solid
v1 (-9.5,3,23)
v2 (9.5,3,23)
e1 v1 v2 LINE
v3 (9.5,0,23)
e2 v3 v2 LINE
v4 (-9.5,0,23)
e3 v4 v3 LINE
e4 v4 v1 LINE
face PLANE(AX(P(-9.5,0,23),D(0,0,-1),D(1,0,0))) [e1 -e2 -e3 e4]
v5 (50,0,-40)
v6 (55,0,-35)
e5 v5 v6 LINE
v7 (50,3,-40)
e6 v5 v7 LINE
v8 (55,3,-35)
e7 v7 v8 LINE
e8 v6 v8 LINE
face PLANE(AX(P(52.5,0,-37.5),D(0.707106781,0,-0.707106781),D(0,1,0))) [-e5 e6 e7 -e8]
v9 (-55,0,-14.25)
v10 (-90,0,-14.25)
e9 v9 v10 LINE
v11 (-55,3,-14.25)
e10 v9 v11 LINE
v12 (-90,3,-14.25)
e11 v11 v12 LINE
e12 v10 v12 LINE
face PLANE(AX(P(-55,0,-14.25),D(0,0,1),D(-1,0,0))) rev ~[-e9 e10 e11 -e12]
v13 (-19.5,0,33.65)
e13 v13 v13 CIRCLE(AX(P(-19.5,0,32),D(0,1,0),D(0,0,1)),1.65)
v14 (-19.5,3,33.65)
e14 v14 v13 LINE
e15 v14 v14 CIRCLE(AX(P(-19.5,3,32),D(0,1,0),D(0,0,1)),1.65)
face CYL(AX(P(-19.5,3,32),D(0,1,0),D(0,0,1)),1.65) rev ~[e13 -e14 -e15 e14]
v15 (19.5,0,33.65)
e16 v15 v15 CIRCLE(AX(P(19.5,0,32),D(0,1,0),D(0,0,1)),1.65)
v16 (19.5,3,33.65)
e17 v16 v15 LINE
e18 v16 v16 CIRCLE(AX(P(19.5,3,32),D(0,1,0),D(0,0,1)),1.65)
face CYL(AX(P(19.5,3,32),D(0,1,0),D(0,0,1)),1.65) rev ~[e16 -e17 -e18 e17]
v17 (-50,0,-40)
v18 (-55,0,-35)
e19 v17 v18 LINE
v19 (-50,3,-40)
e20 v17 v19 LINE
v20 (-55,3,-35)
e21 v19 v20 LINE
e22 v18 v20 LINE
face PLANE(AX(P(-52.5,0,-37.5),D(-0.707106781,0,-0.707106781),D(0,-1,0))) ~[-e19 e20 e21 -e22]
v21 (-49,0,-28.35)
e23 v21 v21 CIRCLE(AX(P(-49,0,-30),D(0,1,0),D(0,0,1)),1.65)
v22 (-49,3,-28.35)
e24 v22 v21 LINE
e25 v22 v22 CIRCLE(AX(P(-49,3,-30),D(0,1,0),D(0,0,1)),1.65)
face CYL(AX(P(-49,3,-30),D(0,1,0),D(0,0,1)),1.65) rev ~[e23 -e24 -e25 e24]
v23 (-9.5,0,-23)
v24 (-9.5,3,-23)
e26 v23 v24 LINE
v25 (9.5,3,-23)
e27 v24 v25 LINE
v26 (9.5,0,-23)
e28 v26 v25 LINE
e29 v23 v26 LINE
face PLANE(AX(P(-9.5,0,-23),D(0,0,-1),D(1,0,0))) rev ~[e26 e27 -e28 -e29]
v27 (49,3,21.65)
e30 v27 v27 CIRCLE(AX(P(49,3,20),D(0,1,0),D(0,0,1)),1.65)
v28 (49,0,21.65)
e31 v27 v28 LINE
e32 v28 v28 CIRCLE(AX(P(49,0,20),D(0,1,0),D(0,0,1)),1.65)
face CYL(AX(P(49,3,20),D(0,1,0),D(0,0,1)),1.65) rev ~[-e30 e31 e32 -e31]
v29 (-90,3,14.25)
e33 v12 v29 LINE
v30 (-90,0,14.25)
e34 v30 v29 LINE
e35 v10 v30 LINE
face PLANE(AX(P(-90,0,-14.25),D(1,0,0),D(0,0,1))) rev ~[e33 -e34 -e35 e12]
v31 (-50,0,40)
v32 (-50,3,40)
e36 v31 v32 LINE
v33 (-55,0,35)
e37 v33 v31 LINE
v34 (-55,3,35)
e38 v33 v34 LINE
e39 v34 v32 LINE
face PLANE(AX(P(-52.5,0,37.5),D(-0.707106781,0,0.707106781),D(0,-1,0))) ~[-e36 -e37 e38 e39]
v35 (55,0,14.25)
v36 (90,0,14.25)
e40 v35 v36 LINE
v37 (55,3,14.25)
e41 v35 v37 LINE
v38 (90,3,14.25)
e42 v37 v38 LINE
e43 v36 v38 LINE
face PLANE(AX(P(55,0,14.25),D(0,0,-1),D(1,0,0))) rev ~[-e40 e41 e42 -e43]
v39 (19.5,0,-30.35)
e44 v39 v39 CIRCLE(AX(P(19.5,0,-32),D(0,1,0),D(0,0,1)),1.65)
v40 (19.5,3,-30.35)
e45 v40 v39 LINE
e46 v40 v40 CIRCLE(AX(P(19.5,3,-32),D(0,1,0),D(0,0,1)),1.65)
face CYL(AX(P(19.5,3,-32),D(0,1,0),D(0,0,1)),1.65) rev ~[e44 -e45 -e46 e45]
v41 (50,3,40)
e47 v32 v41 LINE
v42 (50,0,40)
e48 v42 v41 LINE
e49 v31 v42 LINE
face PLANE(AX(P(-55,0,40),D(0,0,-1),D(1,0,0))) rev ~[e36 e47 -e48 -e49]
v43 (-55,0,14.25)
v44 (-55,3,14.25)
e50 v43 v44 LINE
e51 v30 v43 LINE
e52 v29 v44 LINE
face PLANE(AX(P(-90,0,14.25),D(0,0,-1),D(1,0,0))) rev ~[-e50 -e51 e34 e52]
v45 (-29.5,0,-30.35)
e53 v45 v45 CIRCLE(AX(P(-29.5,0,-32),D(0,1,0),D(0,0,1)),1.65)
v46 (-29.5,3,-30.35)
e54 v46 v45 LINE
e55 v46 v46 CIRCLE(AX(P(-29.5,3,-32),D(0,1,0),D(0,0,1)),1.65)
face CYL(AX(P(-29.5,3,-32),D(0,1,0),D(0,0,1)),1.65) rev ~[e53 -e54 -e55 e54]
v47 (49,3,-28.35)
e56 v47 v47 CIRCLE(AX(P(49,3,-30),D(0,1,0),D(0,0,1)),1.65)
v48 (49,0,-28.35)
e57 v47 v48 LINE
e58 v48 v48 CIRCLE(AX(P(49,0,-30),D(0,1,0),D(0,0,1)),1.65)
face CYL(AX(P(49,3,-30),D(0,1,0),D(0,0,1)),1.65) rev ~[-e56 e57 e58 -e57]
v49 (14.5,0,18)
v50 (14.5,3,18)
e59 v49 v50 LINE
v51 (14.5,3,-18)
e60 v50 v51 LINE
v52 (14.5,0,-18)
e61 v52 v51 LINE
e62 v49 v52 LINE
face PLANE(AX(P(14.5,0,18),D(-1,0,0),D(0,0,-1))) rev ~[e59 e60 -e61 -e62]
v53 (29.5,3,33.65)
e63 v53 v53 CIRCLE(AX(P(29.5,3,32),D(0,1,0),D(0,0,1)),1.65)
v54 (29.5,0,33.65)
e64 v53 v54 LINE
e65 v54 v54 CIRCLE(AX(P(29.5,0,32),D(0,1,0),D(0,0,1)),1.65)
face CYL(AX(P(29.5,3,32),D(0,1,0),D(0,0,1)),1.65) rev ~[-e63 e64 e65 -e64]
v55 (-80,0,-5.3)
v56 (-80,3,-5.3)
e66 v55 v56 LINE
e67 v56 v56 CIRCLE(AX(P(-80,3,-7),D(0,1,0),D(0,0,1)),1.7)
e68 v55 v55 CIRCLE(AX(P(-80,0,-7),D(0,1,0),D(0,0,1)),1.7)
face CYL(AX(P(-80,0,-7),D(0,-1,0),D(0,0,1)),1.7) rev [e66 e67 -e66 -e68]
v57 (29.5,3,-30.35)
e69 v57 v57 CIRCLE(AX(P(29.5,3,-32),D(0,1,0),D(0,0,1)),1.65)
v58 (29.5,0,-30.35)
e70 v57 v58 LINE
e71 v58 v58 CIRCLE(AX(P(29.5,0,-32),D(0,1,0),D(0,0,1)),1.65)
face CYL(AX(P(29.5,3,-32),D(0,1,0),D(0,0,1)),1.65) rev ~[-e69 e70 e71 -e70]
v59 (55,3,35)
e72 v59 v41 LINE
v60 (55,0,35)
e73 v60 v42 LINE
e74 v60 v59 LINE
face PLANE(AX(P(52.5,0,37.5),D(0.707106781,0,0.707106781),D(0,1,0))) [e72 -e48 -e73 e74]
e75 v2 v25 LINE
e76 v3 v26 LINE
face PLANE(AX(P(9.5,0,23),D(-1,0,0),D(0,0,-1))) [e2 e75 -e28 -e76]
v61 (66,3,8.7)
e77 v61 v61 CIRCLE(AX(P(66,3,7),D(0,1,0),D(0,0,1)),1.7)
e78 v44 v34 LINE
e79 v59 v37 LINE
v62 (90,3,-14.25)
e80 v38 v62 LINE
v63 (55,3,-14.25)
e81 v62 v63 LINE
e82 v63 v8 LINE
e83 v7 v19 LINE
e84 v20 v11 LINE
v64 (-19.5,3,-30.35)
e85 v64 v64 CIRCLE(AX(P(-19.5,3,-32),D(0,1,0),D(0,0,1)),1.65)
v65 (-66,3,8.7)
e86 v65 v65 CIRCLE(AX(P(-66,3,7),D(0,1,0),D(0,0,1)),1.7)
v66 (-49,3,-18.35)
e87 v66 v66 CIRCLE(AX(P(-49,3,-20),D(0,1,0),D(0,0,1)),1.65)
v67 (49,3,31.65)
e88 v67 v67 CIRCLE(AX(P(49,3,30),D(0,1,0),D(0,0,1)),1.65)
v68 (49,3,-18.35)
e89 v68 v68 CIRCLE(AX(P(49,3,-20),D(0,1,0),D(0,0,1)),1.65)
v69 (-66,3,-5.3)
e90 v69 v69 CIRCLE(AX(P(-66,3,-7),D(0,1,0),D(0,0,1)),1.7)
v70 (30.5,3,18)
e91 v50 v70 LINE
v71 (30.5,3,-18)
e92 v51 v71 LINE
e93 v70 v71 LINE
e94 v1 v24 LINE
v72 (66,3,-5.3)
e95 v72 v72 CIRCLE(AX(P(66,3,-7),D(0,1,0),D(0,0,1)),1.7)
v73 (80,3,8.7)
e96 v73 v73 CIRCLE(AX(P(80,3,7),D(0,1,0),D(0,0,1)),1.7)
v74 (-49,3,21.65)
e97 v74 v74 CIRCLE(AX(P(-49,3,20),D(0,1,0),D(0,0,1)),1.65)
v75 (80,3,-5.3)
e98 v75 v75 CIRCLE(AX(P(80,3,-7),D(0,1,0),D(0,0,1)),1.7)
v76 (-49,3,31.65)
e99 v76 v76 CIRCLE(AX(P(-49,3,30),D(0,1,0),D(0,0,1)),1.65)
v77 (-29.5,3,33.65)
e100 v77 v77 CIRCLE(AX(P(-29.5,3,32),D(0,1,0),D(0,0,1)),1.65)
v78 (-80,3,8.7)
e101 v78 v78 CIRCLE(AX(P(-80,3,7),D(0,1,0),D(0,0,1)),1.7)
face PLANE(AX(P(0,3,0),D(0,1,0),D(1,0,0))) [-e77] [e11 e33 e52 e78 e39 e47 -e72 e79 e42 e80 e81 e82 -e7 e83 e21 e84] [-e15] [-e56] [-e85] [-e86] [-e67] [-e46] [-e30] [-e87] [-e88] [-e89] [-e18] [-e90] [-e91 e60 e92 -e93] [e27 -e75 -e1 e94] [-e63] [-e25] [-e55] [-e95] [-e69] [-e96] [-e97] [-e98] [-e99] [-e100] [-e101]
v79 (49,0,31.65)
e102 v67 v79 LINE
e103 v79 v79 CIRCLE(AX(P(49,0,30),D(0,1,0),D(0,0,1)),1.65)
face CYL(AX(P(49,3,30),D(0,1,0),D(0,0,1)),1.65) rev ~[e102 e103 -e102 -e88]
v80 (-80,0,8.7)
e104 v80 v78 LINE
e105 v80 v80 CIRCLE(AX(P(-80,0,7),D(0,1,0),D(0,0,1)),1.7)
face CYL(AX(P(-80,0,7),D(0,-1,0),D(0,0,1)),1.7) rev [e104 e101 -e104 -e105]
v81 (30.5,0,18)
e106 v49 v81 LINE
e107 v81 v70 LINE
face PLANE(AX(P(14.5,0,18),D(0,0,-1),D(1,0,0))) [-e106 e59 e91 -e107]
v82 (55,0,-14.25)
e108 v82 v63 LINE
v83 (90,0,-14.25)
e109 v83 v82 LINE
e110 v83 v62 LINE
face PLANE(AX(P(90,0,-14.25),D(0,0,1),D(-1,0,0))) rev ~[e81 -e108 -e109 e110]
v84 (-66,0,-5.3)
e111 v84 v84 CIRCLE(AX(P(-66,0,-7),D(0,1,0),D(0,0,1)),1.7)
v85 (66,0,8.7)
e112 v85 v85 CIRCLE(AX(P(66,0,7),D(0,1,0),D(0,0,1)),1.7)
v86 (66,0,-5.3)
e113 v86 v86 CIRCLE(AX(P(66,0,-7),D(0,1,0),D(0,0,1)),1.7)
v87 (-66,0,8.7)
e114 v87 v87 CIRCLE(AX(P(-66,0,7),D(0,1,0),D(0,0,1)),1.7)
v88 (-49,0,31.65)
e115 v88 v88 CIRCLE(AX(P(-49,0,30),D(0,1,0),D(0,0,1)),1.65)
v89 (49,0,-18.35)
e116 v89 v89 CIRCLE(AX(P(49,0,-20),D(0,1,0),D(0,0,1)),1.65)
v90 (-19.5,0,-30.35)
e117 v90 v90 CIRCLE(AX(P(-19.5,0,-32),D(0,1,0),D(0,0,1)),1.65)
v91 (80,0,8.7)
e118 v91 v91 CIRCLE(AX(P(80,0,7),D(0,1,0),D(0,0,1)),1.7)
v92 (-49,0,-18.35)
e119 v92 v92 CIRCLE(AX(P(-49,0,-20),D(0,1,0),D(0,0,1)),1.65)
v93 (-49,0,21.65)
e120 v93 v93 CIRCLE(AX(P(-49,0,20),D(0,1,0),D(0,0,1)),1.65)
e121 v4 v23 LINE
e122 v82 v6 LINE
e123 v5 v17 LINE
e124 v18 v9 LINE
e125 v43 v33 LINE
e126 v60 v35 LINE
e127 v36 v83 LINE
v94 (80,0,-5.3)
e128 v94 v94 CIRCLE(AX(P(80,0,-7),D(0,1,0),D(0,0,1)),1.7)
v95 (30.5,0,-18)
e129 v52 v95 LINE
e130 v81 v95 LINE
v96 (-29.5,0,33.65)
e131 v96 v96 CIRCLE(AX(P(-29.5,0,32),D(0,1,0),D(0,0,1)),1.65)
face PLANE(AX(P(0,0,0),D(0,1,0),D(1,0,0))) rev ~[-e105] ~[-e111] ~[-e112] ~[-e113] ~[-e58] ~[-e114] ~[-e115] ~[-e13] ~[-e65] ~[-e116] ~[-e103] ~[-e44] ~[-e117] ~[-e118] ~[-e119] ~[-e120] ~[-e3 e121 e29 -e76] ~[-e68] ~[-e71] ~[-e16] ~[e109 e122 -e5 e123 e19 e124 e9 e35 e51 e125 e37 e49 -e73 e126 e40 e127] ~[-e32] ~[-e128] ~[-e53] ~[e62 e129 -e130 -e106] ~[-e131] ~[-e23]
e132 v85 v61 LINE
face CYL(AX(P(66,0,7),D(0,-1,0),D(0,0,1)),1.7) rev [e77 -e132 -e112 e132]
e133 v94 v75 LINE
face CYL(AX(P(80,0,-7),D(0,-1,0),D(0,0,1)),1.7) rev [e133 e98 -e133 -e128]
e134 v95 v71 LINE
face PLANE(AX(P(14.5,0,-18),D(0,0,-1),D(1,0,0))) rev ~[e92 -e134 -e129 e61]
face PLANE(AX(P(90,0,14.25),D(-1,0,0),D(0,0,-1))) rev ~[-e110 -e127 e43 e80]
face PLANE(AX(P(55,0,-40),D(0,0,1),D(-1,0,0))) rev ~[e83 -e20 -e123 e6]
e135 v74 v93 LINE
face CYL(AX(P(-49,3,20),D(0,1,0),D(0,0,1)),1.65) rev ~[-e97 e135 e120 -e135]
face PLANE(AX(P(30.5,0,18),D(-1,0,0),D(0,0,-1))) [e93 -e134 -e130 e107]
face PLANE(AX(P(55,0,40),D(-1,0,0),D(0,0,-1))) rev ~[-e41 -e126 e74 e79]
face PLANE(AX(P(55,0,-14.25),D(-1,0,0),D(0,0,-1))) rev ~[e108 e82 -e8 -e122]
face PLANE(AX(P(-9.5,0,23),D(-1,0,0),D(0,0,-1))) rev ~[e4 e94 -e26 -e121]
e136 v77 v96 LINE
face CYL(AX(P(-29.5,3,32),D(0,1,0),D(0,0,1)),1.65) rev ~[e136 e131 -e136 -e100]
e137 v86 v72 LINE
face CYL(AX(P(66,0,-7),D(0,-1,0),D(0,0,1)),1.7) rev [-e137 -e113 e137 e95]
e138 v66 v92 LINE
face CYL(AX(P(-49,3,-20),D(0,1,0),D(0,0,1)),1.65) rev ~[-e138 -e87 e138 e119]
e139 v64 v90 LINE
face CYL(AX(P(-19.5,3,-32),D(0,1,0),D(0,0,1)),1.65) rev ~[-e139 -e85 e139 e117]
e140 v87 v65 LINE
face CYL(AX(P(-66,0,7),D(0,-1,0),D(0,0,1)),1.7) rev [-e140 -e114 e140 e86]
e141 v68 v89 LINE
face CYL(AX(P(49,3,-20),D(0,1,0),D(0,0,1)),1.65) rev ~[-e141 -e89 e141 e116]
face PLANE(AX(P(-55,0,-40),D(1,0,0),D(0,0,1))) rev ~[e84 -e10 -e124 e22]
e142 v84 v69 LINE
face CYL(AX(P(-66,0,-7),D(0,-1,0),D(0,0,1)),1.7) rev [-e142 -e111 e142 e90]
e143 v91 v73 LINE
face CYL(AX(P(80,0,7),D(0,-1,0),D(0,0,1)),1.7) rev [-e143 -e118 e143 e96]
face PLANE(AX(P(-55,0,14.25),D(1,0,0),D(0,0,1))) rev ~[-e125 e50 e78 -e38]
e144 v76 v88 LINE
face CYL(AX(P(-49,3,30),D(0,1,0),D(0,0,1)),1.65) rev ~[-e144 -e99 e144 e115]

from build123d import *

# Parameters (mm, degrees)
SKETCH1_W           = 19
SKETCH1_H           = 46
SKETCH1_W_2         = 16
SKETCH1_H_2         = 36
SKETCH1_R           = 1.7
BOSS_EXTRUDE1_DEPTH = 3
SKETCH4_R           = 1.65
CUT_EXTRUDE2_DEPTH  = 15
SKETCH5_R           = 1.65
CUT_EXTRUDE3_DEPTH  = 10
CHAMFER1_SIZE       = 5


with BuildPart() as part:
    # Sketch1 → Boss-Extrude1 (new body)
    with BuildSketch(Plane(origin=(0, 0, 0), x_dir=(1, 0, 0), z_dir=(0, 1, 0))):
        Polygon((55, 40), (-55, 40), (-55, 14.25), (-90, 14.25), (-90, -14.25), (-55, -14.25), (-55, -40), (55, -40), (55, -14.25), (90, -14.25), (90, 14.25), (55, 14.25), align=None)
        Rectangle(SKETCH1_W, SKETCH1_H, mode=Mode.SUBTRACT)
        with Locations((22.5, 0)):
            Rectangle(SKETCH1_W_2, SKETCH1_H_2, mode=Mode.SUBTRACT)
        with Locations(Location((-66, 7, 0), (0, 0, 270))):
            Circle(SKETCH1_R, mode=Mode.SUBTRACT)
        with Locations(Location((-66, -7, 0), (0, 0, 270))):
            Circle(SKETCH1_R, mode=Mode.SUBTRACT)
        with Locations(Location((-80, -7, 0), (0, 0, 270))):
            Circle(SKETCH1_R, mode=Mode.SUBTRACT)
        with Locations(Location((-80, 7, 0), (0, 0, 270))):
            Circle(SKETCH1_R, mode=Mode.SUBTRACT)
        with Locations(Location((66, 7, 0), (0, 0, 270))):
            Circle(SKETCH1_R, mode=Mode.SUBTRACT)
        with Locations(Location((80, 7, 0), (0, 0, 270))):
            Circle(SKETCH1_R, mode=Mode.SUBTRACT)
        with Locations(Location((80, -7, 0), (0, 0, 270))):
            Circle(SKETCH1_R, mode=Mode.SUBTRACT)
        with Locations(Location((66, -7, 0), (0, 0, 270))):
            Circle(SKETCH1_R, mode=Mode.SUBTRACT)
    extrude(amount=BOSS_EXTRUDE1_DEPTH)

    # Sketch4 → Cut-Extrude2 (cut)
    with BuildSketch(Plane(origin=(0, 3, 0), x_dir=(1, 0, 0), z_dir=(0, 1, 0))):
        with Locations(Location((29.5, 32, 0), (0, 0, 270))):
            Circle(SKETCH4_R)
        with Locations(Location((19.5, 32, 0), (0, 0, 270))):
            Circle(SKETCH4_R)
        with Locations(Location((19.5, -32, 0), (0, 0, 270))):
            Circle(SKETCH4_R)
        with Locations(Location((29.5, -32, 0), (0, 0, 270))):
            Circle(SKETCH4_R)
        with Locations(Location((-19.5, 32, 0), (0, 0, 270))):
            Circle(SKETCH4_R)
        with Locations(Location((-29.5, 32, 0), (0, 0, 270))):
            Circle(SKETCH4_R)
        with Locations(Location((-29.5, -32, 0), (0, 0, 270))):
            Circle(SKETCH4_R)
        with Locations(Location((-19.5, -32, 0), (0, 0, 270))):
            Circle(SKETCH4_R)
    extrude(amount=-CUT_EXTRUDE2_DEPTH, mode=Mode.SUBTRACT)

    # Sketch5 → Cut-Extrude3 (cut)
    with BuildSketch(Plane(origin=(0, 3, 0), x_dir=(1, 0, 0), z_dir=(0, 1, 0))):
        with Locations(Location((-49, 30, 0), (0, 0, 270))):
            Circle(SKETCH5_R)
        with Locations(Location((-49, -20, 0), (0, 0, 270))):
            Circle(SKETCH5_R)
        with Locations(Location((-49, -30, 0), (0, 0, 270))):
            Circle(SKETCH5_R)
        with Locations(Location((-49, 20, 0), (0, 0, 270))):
            Circle(SKETCH5_R)
        with Locations(Location((49, 20, 0), (0, 0, 270))):
            Circle(SKETCH5_R)
        with Locations(Location((49, -30, 0), (0, 0, 270))):
            Circle(SKETCH5_R)
        with Locations(Location((49, -20, 0), (0, 0, 270))):
            Circle(SKETCH5_R)
        with Locations(Location((49, 30, 0), (0, 0, 270))):
            Circle(SKETCH5_R)
    extrude(amount=-CUT_EXTRUDE3_DEPTH, mode=Mode.SUBTRACT)

    # Chamfer1
    chamfer1_edges = [part.edges().sort_by_distance(p)[0] for p in [
        (55, 1.5, -40),
        (55, 1.5, 40),
        (-55, 1.5, 40),
        (-55, 1.5, -40),
    ]]
    chamfer(chamfer1_edges, length=CHAMFER1_SIZE)


solid = part.part
